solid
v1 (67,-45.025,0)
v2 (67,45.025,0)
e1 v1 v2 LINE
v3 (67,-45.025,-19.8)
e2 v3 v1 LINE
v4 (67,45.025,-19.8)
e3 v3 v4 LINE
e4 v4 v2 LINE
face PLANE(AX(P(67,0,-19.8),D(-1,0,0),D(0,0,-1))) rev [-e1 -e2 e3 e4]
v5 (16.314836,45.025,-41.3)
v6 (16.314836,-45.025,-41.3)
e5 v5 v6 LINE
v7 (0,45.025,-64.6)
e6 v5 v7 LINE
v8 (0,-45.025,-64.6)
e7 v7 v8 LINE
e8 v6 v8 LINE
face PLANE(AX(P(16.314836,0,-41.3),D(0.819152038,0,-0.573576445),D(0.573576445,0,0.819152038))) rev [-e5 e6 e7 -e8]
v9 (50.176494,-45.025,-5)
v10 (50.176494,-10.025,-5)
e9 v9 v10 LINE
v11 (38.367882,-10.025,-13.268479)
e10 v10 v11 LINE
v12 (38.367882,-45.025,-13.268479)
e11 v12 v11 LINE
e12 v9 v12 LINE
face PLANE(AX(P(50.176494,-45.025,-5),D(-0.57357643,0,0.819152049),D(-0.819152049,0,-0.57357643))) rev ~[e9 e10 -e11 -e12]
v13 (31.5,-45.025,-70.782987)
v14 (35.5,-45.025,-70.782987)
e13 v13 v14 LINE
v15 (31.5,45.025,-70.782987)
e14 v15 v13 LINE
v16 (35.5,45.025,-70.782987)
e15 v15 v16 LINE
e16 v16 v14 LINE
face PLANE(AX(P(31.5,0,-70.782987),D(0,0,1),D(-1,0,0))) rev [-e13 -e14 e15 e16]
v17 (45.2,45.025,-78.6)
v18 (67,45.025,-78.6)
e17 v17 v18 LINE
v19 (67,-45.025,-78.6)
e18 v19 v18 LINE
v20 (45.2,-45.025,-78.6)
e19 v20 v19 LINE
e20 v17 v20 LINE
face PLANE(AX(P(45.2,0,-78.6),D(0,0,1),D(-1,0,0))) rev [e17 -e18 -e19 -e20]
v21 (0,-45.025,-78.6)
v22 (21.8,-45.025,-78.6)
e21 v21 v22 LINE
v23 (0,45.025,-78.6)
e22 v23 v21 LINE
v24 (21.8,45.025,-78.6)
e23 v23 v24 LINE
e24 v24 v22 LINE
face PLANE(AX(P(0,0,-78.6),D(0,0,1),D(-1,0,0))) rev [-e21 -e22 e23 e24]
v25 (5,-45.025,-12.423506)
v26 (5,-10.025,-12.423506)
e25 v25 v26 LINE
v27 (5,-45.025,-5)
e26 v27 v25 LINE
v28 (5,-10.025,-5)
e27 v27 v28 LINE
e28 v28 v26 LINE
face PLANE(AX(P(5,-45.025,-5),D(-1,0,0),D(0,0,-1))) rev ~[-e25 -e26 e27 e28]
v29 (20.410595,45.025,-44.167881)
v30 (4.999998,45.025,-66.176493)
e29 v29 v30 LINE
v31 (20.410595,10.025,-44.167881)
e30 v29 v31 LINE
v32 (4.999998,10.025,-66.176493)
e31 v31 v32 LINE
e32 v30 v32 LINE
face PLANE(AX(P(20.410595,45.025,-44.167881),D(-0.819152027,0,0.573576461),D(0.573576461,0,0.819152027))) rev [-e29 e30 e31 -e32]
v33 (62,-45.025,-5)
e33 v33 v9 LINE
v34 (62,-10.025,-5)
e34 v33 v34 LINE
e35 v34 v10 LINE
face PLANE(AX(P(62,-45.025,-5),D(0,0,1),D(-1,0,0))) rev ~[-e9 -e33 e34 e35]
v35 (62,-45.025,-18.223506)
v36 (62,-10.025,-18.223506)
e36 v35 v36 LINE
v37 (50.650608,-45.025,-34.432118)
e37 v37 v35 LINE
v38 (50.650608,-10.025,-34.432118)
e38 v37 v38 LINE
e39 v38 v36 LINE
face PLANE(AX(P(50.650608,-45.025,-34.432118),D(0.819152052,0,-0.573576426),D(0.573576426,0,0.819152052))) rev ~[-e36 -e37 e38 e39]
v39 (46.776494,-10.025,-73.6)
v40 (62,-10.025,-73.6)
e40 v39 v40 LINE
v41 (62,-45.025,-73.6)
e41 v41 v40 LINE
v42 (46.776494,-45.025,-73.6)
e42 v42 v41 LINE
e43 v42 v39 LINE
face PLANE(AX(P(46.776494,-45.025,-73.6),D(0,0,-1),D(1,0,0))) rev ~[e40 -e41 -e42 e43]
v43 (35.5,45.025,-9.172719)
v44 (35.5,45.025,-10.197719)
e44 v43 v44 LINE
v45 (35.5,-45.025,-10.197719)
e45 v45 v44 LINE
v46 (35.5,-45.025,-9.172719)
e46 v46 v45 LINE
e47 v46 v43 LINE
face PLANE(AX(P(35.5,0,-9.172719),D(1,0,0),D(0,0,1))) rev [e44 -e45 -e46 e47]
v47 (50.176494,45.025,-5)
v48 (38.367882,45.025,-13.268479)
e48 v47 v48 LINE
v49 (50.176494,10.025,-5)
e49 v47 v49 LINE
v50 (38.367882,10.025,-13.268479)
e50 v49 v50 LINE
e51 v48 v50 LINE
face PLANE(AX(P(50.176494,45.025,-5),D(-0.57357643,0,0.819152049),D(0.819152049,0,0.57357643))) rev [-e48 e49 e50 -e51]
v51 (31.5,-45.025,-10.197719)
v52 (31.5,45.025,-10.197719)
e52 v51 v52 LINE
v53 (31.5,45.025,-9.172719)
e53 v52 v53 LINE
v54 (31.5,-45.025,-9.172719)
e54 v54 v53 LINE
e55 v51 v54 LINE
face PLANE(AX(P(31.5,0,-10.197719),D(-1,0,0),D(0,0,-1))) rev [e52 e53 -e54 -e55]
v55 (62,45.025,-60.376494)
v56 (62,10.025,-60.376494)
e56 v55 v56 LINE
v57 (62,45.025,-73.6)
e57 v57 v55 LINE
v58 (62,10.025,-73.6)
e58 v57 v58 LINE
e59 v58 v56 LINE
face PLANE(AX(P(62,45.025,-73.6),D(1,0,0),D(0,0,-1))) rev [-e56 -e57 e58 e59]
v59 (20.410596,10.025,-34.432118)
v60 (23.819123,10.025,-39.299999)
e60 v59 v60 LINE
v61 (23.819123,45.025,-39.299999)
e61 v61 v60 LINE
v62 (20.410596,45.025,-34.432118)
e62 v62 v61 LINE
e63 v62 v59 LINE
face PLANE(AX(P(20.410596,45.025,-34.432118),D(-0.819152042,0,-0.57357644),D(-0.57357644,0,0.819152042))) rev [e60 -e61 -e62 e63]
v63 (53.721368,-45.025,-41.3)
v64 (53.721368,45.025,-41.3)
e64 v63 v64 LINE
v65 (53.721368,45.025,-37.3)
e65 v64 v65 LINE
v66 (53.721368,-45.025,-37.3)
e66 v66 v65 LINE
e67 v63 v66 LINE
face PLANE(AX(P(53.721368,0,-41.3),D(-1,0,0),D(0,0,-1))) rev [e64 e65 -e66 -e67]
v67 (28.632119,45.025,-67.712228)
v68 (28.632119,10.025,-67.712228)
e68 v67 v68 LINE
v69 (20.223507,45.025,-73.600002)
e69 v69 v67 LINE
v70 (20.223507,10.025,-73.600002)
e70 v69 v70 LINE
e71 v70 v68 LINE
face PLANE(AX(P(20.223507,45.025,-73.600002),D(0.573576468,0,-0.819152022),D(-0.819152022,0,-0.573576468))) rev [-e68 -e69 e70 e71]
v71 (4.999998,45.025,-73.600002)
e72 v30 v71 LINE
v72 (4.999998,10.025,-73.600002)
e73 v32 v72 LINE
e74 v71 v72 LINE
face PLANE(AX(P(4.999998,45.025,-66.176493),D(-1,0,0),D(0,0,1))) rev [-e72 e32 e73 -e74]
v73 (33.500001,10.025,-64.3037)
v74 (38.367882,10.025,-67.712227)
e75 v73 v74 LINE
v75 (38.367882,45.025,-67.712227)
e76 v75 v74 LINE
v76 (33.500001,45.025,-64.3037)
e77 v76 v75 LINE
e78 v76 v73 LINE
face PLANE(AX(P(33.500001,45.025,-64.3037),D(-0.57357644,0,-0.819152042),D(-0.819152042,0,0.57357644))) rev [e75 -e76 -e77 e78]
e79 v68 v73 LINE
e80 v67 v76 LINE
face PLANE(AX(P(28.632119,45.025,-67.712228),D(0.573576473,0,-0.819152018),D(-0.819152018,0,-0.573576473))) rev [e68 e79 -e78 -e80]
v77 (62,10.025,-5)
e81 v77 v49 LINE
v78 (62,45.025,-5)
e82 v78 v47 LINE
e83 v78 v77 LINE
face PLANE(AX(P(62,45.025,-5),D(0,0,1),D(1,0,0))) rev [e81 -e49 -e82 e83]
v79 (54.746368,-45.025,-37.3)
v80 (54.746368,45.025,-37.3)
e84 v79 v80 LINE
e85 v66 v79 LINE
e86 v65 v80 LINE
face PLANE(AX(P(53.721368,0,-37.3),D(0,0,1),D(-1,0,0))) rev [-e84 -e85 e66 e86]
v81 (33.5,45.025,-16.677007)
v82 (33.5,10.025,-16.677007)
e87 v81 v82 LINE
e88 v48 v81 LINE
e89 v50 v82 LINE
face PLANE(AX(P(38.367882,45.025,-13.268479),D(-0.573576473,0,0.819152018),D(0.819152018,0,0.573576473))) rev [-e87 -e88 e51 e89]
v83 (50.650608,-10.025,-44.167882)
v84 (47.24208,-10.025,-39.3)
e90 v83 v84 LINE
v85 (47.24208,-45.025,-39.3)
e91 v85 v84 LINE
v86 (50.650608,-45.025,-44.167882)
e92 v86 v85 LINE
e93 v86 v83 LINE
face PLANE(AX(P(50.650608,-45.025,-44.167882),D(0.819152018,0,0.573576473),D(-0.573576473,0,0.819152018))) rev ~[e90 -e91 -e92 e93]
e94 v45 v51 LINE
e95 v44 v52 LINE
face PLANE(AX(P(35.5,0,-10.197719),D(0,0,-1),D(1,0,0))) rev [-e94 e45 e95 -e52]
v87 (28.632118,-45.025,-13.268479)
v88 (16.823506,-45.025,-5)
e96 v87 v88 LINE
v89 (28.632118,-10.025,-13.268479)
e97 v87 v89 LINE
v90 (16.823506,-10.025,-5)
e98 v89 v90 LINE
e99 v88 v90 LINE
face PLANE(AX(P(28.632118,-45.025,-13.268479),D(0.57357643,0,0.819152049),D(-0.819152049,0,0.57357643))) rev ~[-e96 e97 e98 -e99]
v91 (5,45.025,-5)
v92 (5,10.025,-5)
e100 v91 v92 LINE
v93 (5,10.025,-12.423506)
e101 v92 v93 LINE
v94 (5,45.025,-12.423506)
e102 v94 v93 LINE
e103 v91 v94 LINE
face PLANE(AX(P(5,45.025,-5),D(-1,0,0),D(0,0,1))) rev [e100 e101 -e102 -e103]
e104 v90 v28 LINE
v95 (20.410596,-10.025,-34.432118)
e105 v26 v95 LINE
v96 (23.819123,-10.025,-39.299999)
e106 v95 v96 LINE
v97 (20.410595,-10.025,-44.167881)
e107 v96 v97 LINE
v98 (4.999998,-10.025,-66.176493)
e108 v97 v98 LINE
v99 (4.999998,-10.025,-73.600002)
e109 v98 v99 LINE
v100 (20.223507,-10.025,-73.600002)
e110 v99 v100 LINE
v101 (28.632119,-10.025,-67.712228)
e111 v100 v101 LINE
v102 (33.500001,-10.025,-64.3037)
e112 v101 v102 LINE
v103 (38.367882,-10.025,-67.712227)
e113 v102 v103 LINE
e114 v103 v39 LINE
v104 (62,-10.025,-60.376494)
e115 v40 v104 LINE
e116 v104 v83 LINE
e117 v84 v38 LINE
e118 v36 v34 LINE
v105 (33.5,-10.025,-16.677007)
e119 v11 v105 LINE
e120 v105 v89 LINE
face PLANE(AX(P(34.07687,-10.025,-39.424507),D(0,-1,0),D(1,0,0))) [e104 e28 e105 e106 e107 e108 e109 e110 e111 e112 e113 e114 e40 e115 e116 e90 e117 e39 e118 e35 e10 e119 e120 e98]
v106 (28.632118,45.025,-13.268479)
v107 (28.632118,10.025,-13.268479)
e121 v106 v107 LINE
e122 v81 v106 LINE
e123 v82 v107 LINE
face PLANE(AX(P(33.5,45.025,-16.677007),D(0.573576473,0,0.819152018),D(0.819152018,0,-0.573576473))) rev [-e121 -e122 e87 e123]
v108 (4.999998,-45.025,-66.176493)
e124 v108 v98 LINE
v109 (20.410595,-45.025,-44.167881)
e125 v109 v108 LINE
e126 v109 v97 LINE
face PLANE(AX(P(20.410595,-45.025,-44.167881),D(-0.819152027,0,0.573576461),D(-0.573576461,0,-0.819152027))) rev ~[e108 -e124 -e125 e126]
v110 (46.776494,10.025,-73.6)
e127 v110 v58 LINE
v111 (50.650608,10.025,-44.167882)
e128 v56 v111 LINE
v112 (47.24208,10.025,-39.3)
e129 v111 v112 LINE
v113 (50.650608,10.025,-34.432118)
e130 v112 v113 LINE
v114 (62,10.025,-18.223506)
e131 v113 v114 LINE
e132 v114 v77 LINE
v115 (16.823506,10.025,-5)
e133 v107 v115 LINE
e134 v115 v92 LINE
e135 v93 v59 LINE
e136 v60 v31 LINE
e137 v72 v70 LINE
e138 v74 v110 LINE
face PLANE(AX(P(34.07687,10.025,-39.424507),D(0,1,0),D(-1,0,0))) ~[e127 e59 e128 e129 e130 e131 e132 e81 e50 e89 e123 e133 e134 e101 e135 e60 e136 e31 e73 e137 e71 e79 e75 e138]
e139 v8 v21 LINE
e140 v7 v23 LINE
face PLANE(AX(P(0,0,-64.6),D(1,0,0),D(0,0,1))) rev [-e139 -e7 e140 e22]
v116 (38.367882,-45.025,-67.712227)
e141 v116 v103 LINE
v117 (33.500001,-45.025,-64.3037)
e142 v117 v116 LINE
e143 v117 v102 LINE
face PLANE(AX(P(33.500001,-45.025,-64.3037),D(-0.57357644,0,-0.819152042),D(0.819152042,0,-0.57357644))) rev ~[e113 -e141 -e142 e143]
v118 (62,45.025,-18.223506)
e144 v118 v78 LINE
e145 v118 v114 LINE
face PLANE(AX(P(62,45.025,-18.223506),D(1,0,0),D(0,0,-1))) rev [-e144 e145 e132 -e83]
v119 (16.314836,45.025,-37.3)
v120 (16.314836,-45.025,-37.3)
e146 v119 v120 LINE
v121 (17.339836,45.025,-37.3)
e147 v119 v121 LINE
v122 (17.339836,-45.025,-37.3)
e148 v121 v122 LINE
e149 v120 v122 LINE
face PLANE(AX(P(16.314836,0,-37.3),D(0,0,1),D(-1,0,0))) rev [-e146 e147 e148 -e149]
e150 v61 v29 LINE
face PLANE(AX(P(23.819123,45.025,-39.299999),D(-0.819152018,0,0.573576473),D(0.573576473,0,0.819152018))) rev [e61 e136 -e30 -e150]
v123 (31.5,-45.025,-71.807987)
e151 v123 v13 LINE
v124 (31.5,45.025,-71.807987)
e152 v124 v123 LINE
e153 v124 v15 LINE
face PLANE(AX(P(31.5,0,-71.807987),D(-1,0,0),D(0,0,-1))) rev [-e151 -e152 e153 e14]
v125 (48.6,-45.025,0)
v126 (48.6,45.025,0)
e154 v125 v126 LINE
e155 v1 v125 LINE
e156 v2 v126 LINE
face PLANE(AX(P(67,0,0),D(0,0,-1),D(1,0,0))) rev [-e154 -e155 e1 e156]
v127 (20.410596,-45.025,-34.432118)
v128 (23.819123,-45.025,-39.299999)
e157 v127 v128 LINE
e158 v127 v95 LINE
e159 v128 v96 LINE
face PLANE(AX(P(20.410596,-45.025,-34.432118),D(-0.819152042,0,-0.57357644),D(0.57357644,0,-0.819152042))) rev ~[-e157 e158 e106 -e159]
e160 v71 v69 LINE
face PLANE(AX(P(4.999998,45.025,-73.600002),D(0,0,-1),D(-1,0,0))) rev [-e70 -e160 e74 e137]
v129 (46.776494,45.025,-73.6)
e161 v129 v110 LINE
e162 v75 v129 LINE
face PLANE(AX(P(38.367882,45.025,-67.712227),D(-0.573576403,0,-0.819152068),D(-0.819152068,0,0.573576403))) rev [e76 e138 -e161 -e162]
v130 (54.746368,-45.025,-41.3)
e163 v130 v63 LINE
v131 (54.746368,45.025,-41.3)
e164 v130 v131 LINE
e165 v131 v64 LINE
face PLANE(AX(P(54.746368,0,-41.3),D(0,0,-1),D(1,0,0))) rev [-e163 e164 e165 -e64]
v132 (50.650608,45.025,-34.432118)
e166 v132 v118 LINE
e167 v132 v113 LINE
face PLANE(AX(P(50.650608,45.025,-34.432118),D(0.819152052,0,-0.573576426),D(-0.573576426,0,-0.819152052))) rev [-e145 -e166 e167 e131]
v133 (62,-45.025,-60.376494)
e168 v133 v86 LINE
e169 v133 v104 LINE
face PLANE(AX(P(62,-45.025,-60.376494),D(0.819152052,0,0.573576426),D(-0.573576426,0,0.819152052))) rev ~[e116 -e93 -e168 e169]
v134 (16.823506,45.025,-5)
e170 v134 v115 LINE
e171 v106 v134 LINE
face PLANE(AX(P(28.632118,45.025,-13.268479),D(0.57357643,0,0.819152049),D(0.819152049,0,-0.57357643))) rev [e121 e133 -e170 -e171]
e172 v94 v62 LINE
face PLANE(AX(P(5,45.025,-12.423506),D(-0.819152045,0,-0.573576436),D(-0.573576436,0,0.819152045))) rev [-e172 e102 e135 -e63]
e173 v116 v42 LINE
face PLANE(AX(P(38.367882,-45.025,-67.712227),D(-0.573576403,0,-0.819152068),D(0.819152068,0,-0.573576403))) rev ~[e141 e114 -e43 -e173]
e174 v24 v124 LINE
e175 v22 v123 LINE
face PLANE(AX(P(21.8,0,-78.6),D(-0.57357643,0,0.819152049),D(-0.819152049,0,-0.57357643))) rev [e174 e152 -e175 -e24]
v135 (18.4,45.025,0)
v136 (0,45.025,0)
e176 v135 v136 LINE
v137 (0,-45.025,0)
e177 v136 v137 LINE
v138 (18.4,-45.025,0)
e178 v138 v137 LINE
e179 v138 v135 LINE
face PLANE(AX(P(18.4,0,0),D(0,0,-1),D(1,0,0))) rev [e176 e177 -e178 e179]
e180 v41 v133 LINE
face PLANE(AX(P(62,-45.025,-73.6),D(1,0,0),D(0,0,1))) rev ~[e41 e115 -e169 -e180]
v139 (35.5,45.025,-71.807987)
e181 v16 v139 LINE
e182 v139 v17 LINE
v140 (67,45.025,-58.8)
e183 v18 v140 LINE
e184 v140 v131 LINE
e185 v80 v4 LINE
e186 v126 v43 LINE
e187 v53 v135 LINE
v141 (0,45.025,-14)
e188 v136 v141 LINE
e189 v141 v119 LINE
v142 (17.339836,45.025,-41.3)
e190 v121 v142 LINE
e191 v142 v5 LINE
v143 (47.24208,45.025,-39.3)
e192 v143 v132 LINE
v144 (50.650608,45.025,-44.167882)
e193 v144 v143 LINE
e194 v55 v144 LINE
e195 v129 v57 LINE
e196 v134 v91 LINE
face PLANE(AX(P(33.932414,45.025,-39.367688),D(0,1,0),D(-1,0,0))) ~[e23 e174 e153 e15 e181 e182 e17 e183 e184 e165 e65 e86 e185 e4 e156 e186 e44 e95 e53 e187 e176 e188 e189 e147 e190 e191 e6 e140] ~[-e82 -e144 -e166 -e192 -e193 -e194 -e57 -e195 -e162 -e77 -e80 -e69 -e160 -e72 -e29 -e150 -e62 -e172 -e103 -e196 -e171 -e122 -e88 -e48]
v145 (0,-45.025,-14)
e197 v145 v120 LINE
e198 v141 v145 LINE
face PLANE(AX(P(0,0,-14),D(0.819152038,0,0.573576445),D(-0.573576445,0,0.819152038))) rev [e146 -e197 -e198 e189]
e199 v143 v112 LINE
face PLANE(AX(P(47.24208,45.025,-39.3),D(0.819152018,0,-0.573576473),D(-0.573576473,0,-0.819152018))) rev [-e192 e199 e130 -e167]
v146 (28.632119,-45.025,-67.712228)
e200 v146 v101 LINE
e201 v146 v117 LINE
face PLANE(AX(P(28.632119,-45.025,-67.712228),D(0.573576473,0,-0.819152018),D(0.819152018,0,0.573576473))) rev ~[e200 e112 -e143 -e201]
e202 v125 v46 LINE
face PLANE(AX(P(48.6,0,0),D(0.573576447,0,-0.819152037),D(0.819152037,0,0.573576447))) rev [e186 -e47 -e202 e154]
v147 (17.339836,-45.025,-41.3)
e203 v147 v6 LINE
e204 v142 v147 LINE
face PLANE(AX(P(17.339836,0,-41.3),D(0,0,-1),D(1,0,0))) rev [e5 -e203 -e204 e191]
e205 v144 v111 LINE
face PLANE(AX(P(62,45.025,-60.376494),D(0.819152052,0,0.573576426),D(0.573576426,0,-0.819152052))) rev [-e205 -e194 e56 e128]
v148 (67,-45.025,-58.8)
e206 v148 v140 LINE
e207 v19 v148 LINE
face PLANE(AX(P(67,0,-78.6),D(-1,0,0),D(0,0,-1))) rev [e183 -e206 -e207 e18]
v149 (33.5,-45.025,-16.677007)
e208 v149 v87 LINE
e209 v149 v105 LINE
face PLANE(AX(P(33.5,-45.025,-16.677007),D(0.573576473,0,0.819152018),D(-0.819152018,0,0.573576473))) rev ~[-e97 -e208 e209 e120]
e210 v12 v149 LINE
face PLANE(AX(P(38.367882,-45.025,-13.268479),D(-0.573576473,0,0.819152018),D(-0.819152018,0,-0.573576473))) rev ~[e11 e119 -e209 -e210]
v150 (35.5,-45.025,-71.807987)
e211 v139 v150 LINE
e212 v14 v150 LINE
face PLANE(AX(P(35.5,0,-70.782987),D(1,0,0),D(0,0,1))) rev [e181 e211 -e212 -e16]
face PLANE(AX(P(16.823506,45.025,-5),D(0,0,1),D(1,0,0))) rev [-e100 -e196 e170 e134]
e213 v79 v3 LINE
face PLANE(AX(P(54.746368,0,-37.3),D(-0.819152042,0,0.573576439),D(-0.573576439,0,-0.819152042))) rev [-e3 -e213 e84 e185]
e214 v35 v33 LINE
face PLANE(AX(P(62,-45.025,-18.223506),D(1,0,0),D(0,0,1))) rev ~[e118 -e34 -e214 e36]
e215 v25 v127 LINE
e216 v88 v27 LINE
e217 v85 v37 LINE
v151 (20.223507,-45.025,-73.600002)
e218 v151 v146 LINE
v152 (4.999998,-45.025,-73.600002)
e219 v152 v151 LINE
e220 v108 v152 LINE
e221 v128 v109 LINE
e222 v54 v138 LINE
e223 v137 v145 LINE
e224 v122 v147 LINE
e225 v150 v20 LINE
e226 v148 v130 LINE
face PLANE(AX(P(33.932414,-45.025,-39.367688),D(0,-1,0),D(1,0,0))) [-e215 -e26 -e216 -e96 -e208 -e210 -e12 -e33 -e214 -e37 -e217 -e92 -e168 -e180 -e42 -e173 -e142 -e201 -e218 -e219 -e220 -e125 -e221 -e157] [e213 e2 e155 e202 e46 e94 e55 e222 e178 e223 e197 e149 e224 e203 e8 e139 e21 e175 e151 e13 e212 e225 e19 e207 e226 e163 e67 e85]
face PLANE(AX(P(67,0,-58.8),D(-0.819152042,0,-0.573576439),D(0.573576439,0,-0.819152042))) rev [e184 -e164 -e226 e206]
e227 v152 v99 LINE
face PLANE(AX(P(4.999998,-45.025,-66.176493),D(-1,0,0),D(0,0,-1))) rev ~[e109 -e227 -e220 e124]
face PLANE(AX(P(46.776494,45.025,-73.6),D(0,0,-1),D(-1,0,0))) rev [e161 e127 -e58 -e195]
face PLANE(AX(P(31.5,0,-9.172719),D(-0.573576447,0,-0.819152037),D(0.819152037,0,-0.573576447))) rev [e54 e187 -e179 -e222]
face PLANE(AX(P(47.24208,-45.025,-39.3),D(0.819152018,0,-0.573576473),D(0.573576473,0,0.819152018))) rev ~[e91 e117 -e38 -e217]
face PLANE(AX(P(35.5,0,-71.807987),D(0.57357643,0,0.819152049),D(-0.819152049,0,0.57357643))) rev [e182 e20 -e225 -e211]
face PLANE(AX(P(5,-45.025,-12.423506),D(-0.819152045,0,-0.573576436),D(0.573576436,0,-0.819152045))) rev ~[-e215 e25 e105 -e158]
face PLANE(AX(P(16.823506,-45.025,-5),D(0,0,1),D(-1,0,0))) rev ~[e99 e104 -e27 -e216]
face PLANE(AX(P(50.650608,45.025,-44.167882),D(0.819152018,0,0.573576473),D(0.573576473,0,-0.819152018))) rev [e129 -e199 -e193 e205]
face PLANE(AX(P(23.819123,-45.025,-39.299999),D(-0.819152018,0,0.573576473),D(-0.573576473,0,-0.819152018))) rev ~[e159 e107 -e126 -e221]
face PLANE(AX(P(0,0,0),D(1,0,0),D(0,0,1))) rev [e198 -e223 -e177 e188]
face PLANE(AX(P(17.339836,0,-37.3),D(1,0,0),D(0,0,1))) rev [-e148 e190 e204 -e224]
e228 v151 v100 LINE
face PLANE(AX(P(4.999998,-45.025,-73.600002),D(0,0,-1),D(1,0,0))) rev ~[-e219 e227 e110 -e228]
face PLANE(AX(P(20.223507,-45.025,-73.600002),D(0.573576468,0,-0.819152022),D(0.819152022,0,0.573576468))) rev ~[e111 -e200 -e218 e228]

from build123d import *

# Parameters (mm, degrees)
F1_DEPTH = 45.025
F3_DEPTH = 35


with BuildPart() as f1:
    # F0 (on Front) → F1 (new body)
    with BuildSketch(Plane.XZ):
        Polygon((18.4, 0), (0, 0), (0, -14), (16.314836, -37.3), (17.339836, -37.3), (17.339836, -38.763852), (17.715251, -39.3), (17.339836, -39.836148), (17.339836, -41.3), (16.314836, -41.3), (0, -64.6), (0, -78.6), (21.8, -78.6), (31.5, -71.807987), (31.5, -70.782987), (32.963852, -70.782987), (33.5, -70.407572), (34.036148, -70.782987), (35.5, -70.782987), (35.5, -71.807987), (45.2, -78.6), (67, -78.6), (67, -58.8), (54.746368, -41.3), (53.721368, -41.3), (53.721368, -39.836148), (53.345953, -39.3), (53.721368, -38.763852), (53.721368, -37.3), (54.746368, -37.3), (67, -19.8), (67, 0), (48.6, 0), (35.5, -9.172719), (35.5, -10.197719), (34.036148, -10.197719), (33.5, -10.573134), (32.963852, -10.197719), (31.5, -10.197719), (31.5, -9.172719), align=None)
        Polygon((53.721368, -39.836148), (53.721368, -38.763852), (53.345953, -39.3), align=None)
        Polygon((17.715251, -39.3), (17.339836, -38.763852), (17.339836, -39.836148), align=None)
        Polygon((34.036148, -10.197719), (32.963852, -10.197719), (33.5, -10.573134), align=None)
        Polygon((33.5, -70.407572), (32.963852, -70.782987), (34.036148, -70.782987), align=None)
    extrude(amount=F1_DEPTH)

    # F2 (on face) → F3 (cut)
    with BuildSketch(Plane.XZ.offset(45.025)):
        Polygon((28.632118, -13.268479), (16.823506, -5), (5, -5), (5, -12.423506), (20.410596, -34.432118), (23.819123, -39.299999), (20.410595, -44.167881), (4.999998, -66.176493), (4.999998, -73.600002), (20.223507, -73.600002), (28.632119, -67.712228), (33.500001, -64.3037), (38.367882, -67.712227), (46.776494, -73.6), (62, -73.6), (62, -60.376494), (50.650608, -44.167882), (47.24208, -39.3), (50.650608, -34.432118), (62, -18.223506), (62, -5), (50.176494, -5), (38.367882, -13.268479), (33.5, -16.677007), align=None)
    extrude(amount=-F3_DEPTH, mode=Mode.SUBTRACT)

    # F4: F1 across face


with BuildPart() as f1_1:
    add(f1.part)
    add(f1.part.mirror(Plane(origin=(34.584807, 0, -39.813495), x_dir=(1, 0, 0), z_dir=(0, 1, 0))))


solid = f1_1.part
